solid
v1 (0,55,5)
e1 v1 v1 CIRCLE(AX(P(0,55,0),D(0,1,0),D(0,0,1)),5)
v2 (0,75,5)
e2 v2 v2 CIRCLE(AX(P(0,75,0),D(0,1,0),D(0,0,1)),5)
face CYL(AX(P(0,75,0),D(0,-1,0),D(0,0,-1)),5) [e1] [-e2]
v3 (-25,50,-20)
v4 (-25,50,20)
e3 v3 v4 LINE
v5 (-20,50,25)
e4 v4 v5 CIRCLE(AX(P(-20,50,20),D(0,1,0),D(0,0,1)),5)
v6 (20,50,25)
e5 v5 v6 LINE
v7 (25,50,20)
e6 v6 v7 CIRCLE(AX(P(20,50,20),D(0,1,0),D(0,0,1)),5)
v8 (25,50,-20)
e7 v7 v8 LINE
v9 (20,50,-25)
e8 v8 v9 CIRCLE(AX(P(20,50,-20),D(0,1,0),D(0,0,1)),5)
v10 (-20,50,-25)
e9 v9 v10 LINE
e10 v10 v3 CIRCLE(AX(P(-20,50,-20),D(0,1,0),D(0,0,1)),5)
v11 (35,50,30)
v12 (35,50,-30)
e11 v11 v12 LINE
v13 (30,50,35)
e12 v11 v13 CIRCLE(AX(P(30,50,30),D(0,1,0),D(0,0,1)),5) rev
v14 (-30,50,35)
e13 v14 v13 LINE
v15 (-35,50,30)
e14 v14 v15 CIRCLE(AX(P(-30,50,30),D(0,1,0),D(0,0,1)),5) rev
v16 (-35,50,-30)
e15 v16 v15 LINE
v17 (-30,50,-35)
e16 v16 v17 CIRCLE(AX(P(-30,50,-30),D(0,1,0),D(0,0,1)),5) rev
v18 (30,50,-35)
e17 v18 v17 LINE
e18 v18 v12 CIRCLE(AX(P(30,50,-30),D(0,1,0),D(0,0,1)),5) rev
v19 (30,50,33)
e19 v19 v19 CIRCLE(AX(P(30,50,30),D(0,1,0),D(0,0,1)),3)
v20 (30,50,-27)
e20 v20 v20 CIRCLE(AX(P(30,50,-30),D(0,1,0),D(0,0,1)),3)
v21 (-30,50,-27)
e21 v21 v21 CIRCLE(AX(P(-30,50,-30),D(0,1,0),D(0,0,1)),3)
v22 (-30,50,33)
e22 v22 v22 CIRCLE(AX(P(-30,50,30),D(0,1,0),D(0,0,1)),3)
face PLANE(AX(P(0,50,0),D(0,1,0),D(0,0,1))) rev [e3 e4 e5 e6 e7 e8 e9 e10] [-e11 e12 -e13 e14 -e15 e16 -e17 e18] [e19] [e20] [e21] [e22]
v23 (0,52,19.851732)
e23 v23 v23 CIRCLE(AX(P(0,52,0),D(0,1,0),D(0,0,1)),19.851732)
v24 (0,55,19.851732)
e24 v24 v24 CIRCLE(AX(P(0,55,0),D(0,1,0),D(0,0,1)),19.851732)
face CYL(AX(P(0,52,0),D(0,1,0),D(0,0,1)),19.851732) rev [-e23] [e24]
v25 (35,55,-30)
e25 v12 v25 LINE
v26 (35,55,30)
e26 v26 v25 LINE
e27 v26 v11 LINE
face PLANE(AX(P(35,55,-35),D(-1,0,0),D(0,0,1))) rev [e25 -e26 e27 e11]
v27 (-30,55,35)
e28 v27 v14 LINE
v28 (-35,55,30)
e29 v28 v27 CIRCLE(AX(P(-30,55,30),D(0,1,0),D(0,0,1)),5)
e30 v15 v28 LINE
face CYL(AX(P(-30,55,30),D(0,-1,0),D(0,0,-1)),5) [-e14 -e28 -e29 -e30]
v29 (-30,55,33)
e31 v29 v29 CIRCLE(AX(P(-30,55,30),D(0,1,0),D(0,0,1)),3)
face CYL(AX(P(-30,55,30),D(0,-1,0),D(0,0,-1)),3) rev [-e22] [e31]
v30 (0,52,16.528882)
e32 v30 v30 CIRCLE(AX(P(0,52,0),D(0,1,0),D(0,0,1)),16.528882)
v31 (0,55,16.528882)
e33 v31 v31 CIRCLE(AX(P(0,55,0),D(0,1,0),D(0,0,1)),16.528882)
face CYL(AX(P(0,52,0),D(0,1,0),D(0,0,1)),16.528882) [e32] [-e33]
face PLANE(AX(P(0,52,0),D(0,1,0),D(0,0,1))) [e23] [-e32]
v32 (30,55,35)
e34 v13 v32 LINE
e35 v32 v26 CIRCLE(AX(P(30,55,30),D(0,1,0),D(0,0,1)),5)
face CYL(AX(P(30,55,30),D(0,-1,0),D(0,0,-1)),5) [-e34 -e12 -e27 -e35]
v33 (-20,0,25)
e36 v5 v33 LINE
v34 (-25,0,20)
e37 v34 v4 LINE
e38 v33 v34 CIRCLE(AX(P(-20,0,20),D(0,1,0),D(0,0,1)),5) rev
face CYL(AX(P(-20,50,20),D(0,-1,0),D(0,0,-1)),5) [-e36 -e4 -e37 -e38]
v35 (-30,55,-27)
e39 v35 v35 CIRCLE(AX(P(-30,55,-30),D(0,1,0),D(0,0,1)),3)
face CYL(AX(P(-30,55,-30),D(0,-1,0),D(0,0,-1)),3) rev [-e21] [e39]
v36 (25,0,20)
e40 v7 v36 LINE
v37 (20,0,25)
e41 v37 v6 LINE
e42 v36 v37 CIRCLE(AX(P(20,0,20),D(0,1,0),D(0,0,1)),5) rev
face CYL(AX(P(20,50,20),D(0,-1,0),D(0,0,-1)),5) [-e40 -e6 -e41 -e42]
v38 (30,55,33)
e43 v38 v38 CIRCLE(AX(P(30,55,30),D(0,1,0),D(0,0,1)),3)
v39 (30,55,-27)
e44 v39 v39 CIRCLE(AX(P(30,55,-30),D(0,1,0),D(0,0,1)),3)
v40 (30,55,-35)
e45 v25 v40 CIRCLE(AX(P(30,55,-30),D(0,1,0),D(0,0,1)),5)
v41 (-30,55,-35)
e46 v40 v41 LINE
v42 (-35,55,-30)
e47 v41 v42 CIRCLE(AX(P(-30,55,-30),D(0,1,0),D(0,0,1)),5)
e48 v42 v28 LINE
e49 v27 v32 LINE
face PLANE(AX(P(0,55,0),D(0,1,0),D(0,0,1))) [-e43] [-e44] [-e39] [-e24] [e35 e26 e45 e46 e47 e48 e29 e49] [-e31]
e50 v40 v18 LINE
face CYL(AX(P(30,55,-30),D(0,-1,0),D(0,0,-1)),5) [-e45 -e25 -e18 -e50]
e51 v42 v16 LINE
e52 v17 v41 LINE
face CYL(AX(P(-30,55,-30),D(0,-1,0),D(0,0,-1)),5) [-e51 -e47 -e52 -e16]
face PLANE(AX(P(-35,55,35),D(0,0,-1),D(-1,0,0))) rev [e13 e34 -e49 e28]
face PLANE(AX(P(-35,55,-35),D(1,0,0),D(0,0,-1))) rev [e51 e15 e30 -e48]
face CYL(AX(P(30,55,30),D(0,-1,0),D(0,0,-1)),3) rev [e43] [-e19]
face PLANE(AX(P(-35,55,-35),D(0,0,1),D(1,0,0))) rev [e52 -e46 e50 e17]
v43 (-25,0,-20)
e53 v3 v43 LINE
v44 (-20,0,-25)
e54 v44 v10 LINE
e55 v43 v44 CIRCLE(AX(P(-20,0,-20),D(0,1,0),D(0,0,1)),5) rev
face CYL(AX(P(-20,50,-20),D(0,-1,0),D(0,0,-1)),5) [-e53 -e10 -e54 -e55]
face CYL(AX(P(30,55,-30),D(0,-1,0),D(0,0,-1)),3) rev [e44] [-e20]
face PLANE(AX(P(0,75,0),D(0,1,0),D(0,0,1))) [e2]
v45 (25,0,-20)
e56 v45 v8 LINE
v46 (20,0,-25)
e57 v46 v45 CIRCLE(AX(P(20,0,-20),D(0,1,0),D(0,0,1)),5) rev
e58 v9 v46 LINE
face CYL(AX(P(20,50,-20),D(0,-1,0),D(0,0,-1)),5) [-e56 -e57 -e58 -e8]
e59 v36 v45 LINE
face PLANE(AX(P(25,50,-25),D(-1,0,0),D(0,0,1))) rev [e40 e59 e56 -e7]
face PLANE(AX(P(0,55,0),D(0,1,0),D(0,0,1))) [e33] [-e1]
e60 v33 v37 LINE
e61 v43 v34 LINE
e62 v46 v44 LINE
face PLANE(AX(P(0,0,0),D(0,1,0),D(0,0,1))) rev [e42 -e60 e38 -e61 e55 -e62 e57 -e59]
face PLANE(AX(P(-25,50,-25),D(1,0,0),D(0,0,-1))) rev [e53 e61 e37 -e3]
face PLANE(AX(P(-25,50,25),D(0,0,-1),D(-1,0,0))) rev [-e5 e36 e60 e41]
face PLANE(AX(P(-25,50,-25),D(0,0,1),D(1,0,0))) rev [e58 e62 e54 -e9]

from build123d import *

# Parameters (mm, degrees)
SKETCH1_W           = 50
SKETCH1_H           = 50
BOSS_EXTRUDE1_DEPTH = 50
SKETCH2_W           = 70
SKETCH2_H           = 70
SKETCH2_R           = 3
BOSS_EXTRUDE2_DEPTH = 5
FILLET1_R           = 5
FILLET2_R           = 5
SKETCH3_R           = 19.851731711
SKETCH3_R_2         = 16.528882373
CUT_EXTRUDE1_DEPTH  = 3
SKETCH4_R           = 5
BOSS_EXTRUDE3_DEPTH = 20


with BuildPart() as part:
    # Sketch1 → Boss-Extrude1 (new body)
    with BuildSketch(Plane(origin=(0, 0, 0), x_dir=(1, 0, 0), z_dir=(0, 1, 0))):
        Rectangle(SKETCH1_W, SKETCH1_H)
    extrude(amount=BOSS_EXTRUDE1_DEPTH)

    # Sketch2 → Boss-Extrude2 (add)
    with BuildSketch(Plane(origin=(0, 50, 0), x_dir=(1, 0, 0), z_dir=(0, 1, 0))):
        Rectangle(SKETCH2_W, SKETCH2_H)
        with Locations((-30, 30)):
            Circle(SKETCH2_R, mode=Mode.SUBTRACT)
        with Locations((30, 30)):
            Circle(SKETCH2_R, mode=Mode.SUBTRACT)
        with Locations((-30, -30)):
            Circle(SKETCH2_R, mode=Mode.SUBTRACT)
        with Locations((30, -30)):
            Circle(SKETCH2_R, mode=Mode.SUBTRACT)
    extrude(amount=BOSS_EXTRUDE2_DEPTH)

    # Fillet1
    fillet1_edges = [part.edges().sort_by_distance(p)[0] for p in [
        (25, 25, 25),
        (-25, 25, 25),
        (-25, 25, -25),
        (25, 25, -25),
    ]]
    fillet(fillet1_edges, radius=FILLET1_R)

    # Fillet2
    fillet2_edges = [part.edges().sort_by_distance(p)[0] for p in [
        (35, 52.5, 35),
        (35, 52.5, -35),
        (-35, 52.5, -35),
        (-35, 52.5, 35),
    ]]
    fillet(fillet2_edges, radius=FILLET2_R)

    # Sketch3 → Cut-Extrude1 (cut)
    with BuildSketch(Plane(origin=(0, 55, 0), x_dir=(1, 0, 0), z_dir=(0, 1, 0))):
        Circle(SKETCH3_R)
        Circle(SKETCH3_R_2, mode=Mode.SUBTRACT)
    extrude(amount=-CUT_EXTRUDE1_DEPTH, mode=Mode.SUBTRACT)

    # Sketch4 → Boss-Extrude3 (add)
    with BuildSketch(Plane(origin=(0, 55, 0), x_dir=(1, 0, 0), z_dir=(0, 1, 0))):
        Circle(SKETCH4_R)
    extrude(amount=BOSS_EXTRUDE3_DEPTH)


solid = part.part
